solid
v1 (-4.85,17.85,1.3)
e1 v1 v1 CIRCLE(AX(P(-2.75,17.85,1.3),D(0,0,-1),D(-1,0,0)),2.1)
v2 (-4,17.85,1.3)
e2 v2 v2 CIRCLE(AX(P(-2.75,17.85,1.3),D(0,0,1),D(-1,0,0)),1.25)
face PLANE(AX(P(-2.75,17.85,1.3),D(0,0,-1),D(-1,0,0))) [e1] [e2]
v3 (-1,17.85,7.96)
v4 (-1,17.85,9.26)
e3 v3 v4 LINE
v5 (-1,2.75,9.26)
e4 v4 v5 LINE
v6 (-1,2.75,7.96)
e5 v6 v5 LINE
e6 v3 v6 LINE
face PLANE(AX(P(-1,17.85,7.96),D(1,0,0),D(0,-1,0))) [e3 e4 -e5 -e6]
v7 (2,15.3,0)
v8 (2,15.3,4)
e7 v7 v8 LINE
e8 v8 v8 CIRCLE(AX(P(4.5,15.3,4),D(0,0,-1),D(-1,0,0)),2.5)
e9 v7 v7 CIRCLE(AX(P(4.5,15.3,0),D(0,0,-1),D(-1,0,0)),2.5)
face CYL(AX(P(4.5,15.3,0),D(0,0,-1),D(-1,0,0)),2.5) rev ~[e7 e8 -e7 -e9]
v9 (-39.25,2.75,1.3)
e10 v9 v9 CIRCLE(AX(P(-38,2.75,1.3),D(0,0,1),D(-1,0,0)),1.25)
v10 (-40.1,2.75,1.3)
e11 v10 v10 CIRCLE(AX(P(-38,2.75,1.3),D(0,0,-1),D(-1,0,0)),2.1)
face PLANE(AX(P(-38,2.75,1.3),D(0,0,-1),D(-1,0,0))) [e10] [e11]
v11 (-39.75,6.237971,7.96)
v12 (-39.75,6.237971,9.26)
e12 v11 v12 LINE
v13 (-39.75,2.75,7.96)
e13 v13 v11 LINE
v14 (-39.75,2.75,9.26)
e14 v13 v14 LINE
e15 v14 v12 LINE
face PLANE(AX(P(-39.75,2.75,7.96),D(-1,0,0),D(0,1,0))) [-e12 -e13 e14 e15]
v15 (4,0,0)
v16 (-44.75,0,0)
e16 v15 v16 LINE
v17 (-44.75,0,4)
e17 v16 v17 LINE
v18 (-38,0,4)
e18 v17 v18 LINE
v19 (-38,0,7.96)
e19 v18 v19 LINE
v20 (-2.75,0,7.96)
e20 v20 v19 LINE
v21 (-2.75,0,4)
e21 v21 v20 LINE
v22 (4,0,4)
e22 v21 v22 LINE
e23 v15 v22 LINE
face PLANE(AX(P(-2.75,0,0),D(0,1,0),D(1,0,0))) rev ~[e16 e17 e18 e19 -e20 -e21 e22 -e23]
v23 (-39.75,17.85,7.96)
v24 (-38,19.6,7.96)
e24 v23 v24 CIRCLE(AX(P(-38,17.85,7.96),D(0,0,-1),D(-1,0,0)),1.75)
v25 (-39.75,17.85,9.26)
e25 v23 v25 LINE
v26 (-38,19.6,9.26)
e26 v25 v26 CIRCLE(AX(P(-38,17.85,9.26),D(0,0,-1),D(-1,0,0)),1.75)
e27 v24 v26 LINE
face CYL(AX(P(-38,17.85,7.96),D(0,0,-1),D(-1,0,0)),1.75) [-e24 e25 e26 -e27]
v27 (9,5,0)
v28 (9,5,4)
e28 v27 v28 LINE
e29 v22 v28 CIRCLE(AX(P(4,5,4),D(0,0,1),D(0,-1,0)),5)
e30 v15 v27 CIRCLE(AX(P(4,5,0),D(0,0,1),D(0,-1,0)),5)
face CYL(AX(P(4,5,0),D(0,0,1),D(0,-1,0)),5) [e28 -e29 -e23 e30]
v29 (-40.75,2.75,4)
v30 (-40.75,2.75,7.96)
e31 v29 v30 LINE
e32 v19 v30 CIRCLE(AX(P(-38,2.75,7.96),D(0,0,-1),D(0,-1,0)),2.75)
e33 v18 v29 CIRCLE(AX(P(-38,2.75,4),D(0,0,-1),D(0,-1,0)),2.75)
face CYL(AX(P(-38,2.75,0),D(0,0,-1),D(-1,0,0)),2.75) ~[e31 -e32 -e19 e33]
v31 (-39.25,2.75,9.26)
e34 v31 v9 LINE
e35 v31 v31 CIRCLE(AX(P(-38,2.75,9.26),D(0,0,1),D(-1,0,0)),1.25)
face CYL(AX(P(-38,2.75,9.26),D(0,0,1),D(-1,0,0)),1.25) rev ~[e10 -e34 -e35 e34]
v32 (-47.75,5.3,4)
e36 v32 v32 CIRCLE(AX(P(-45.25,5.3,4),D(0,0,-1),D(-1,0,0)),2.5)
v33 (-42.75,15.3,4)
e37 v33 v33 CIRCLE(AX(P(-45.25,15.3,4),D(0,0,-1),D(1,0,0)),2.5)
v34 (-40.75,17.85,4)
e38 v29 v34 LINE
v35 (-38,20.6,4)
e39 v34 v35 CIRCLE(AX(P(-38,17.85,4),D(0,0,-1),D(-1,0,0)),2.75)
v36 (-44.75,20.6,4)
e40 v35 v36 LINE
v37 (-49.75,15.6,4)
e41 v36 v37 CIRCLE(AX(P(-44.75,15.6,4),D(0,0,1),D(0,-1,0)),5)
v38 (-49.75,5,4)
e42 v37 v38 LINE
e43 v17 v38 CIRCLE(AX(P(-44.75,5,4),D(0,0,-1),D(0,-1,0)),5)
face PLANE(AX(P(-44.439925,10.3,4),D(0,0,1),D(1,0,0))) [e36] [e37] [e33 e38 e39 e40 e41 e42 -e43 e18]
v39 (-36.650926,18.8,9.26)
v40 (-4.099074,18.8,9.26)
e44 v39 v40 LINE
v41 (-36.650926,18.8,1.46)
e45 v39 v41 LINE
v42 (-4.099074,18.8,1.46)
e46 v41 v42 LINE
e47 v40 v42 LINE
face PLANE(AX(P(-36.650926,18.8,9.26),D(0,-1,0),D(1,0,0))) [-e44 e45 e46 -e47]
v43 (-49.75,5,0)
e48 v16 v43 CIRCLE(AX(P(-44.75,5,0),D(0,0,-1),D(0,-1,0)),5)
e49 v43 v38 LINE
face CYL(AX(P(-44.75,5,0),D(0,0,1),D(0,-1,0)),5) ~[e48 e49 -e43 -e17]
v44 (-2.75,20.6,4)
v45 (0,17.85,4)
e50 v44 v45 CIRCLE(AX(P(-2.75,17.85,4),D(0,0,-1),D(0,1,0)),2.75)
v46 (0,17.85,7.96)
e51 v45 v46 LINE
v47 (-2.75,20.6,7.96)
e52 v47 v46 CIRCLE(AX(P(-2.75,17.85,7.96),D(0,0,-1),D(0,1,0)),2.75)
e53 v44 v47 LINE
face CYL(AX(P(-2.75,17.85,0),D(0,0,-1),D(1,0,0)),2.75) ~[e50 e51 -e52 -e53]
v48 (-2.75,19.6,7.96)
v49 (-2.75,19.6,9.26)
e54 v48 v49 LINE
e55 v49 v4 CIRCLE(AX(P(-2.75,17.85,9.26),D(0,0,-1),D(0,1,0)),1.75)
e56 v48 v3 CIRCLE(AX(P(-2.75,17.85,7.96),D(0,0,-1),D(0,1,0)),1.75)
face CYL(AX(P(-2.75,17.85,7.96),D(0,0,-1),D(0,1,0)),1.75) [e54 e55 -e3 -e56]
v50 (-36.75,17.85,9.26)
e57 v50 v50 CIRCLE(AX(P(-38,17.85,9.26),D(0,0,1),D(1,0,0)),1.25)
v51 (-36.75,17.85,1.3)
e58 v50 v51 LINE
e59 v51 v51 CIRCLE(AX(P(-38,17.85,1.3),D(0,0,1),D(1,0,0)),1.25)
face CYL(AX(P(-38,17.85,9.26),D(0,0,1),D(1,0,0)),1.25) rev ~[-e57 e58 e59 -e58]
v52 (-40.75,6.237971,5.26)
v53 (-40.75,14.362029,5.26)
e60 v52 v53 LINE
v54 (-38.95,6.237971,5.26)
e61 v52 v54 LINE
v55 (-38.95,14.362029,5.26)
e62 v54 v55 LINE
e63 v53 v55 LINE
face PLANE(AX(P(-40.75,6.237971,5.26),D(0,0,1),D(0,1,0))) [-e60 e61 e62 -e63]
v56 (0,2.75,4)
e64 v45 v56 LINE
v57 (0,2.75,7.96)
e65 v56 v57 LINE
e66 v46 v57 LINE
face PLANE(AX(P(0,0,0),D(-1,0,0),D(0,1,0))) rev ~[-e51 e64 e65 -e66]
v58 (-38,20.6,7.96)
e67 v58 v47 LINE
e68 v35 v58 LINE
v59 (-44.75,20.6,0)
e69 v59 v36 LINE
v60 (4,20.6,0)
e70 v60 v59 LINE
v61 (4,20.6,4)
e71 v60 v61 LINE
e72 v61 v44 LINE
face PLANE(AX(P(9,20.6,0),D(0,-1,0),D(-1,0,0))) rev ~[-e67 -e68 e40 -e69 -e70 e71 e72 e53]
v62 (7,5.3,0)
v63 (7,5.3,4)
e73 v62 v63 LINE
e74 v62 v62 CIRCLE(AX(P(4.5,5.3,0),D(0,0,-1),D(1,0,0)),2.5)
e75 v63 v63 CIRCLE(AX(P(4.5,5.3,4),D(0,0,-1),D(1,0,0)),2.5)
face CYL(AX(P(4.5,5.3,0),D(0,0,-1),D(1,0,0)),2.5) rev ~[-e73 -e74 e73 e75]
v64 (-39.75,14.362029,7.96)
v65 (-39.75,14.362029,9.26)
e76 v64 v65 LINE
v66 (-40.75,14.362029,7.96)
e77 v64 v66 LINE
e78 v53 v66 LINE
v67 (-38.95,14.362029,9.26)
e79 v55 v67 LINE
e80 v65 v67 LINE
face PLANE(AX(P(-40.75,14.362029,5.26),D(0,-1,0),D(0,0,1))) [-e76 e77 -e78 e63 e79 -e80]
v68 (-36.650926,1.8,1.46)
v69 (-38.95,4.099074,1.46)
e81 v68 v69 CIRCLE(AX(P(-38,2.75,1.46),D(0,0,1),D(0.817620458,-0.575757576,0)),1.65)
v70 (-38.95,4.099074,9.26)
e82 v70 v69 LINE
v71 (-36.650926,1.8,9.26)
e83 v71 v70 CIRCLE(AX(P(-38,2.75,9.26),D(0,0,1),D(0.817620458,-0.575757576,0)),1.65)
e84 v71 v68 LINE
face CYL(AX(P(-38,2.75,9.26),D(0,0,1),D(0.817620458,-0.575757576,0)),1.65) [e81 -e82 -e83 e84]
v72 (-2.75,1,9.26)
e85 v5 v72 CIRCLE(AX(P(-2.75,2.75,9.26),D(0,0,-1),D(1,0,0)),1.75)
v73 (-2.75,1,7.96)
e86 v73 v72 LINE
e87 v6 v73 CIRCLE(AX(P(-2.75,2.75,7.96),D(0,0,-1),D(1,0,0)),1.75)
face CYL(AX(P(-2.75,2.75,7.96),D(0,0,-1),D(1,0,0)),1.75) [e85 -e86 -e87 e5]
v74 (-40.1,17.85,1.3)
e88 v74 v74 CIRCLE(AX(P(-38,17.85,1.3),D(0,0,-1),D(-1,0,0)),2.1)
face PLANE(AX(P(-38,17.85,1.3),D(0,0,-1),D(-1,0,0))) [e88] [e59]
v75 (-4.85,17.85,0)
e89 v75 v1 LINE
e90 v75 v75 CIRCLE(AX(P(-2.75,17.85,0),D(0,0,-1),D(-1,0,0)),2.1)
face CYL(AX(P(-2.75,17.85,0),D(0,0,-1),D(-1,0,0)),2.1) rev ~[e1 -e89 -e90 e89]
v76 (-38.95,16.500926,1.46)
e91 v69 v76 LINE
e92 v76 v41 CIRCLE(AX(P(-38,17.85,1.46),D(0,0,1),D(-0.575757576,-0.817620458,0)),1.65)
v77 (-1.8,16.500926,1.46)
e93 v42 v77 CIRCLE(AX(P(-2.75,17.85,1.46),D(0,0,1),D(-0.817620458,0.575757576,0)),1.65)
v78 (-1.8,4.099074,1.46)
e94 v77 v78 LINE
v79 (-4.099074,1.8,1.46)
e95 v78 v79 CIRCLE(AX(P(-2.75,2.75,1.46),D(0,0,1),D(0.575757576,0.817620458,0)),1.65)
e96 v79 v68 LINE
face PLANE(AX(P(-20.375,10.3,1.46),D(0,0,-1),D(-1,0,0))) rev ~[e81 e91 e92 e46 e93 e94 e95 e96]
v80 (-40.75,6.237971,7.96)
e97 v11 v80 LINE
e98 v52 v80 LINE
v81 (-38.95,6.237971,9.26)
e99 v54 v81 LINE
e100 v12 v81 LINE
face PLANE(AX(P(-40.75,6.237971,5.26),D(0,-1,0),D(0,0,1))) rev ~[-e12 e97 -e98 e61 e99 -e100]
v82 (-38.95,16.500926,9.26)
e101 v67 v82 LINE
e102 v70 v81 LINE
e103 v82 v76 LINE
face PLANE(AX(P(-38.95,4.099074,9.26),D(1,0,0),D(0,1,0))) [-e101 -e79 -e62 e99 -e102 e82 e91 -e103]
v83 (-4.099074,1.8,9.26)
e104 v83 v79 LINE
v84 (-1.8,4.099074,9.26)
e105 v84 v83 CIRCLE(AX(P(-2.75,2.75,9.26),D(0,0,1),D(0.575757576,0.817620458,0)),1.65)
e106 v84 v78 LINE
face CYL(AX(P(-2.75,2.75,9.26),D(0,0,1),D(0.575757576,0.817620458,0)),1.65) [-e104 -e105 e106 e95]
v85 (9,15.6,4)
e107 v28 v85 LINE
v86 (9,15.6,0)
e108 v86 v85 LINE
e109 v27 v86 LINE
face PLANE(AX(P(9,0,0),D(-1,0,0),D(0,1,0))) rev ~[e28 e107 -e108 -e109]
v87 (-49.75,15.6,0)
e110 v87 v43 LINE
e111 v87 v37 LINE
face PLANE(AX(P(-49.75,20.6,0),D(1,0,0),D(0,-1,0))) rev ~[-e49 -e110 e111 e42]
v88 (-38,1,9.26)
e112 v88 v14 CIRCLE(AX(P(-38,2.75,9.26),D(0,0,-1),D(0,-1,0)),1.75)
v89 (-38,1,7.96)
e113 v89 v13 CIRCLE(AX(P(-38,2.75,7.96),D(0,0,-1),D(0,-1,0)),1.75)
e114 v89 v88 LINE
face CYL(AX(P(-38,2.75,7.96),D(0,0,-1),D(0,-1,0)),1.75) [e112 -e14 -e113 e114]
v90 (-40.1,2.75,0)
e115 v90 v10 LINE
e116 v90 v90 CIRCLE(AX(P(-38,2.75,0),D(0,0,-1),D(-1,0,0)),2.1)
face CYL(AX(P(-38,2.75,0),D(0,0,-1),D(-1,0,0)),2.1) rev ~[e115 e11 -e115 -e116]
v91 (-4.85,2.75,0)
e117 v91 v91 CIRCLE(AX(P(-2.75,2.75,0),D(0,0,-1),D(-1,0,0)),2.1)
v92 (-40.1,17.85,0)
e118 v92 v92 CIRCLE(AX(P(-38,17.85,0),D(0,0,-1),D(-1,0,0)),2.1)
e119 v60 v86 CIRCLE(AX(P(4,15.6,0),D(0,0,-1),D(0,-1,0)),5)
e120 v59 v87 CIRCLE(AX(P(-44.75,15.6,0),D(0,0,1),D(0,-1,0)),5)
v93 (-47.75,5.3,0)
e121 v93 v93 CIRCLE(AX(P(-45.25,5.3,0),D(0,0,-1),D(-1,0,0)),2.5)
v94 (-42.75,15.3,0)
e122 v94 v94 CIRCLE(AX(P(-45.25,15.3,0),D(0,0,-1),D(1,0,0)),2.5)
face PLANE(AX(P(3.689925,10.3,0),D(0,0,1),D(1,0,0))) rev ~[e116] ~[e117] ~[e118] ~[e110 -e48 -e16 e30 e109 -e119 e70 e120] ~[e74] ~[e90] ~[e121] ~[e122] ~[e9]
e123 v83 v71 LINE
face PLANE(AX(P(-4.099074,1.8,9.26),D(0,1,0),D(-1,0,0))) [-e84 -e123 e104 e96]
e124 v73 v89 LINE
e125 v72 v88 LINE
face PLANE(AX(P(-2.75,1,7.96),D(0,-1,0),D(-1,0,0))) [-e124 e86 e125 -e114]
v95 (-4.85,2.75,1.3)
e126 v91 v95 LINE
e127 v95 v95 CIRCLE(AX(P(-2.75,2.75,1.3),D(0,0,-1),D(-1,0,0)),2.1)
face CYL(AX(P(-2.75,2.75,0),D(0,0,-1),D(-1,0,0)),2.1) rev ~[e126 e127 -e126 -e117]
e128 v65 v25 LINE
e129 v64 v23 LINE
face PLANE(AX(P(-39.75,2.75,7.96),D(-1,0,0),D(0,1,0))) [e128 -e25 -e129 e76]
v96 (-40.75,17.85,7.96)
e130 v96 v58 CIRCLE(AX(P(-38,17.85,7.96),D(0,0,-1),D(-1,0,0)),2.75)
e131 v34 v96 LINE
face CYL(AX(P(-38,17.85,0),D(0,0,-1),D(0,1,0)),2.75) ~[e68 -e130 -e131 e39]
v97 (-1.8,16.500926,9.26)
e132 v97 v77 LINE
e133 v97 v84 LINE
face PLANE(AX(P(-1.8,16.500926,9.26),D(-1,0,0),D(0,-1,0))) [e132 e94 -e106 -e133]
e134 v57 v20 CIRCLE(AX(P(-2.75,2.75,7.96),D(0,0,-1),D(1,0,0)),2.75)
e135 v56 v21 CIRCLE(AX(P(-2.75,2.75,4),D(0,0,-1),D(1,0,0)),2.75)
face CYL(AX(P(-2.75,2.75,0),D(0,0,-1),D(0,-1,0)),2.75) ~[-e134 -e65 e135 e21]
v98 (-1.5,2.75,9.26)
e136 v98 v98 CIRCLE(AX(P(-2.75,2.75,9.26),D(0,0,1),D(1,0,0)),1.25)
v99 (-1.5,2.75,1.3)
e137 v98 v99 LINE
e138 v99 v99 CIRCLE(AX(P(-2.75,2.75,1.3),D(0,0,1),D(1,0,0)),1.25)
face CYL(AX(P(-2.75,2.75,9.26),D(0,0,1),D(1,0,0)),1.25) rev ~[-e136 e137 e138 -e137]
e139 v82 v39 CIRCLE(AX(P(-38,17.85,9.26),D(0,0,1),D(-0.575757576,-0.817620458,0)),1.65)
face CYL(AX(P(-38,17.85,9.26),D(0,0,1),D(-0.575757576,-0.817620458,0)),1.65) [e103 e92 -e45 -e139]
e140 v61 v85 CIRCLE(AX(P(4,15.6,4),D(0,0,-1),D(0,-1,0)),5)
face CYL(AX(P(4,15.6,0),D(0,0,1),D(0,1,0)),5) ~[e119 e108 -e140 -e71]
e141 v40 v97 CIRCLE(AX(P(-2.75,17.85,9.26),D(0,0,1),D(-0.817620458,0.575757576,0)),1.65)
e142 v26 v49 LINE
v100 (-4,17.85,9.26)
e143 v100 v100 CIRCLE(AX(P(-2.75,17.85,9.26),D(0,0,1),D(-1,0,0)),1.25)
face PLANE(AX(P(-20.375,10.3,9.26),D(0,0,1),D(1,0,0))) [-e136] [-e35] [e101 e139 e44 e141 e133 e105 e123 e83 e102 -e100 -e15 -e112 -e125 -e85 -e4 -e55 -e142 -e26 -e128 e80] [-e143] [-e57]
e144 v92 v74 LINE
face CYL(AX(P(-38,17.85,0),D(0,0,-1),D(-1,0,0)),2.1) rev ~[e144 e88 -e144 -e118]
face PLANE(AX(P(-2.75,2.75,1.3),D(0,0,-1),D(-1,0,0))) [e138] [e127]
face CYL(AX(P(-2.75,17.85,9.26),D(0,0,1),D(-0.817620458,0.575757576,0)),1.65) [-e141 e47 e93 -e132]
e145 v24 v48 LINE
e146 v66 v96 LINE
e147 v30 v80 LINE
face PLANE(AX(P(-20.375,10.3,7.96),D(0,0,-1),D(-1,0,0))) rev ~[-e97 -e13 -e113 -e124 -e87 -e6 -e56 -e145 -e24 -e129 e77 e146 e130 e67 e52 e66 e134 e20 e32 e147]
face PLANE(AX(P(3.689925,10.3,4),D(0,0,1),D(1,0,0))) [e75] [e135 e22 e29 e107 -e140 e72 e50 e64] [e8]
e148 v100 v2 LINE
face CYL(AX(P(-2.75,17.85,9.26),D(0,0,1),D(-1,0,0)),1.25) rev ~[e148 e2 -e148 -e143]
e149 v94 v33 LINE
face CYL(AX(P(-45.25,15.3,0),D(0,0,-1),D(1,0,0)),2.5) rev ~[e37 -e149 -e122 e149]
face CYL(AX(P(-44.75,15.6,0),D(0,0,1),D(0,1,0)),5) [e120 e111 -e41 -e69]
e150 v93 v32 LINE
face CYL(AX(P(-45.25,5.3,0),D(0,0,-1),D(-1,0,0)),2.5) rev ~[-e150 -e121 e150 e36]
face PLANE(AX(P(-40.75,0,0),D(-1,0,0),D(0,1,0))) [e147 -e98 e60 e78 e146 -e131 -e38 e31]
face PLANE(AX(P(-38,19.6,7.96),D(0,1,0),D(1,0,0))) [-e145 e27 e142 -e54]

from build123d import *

# Parameters (mm, degrees)
ESQUISSE1_W         = 40.75
ESQUISSE1_H         = 20.6
EXTRUSION1_DEPTH    = 9.26
ESQUISSE2_R         = 1.25
EXTRUSION2_DEPTH    = 47.590450738
ESQUISSE4_OUTSIDE_W = 52.068
ESQUISSE4_OUTSIDE_H = 31.918
EXTRUSION5_DEPTH    = 47.590450738
EXTRUSION4_START    = -1.3
EXTRUSION4_DEPTH    = 1.3
EXTRUSION9_DEPTH    = 7.8
EXTRUSION10_REACH   = 48.59
ESQUISSE7_W         = 4
ESQUISSE7_H         = 8.124058542
ESQUISSE8_R         = 2.5
EXTRUSION11_DEPTH   = 4
CONG_1_R            = 5
ESQUISSE9_R         = 2.1
EXTRUSION12_DEPTH   = 1.3


with BuildPart() as part:
    # Esquisse1 → Extrusion1 (new body)
    with BuildSketch(Plane.XY):
        with Locations((-20.375, 10.3)):
            Rectangle(ESQUISSE1_W, ESQUISSE1_H)
    extrude(amount=EXTRUSION1_DEPTH)

    # Esquisse2 → Extrusion2 (cut, through all)
    with BuildSketch(Plane.XY.offset(9.26)):
        with Locations((-38, 17.85)):
            Circle(ESQUISSE2_R)
        with Locations(Location((-38, 2.75, 0), (0, 0, 180))):
            Circle(ESQUISSE2_R)
        with Locations((-2.75, 2.75)):
            Circle(ESQUISSE2_R)
        with Locations(Location((-2.75, 17.85, 0), (0, 0, 180))):
            Circle(ESQUISSE2_R)
    extrude(amount=-EXTRUSION2_DEPTH, mode=Mode.SUBTRACT)

    # Esquisse4 outside → Extrusion5 (cut, through all)
    with BuildSketch(Plane(origin=(0, 0, 0), x_dir=(-1, 0, 0), z_dir=(0, 0, -1))):
        with Locations((20.375, 10.3)):
            Rectangle(ESQUISSE4_OUTSIDE_W, ESQUISSE4_OUTSIDE_H)
        with BuildLine():
            Line((2.75, 20.6), (38, 20.6))
            ThreePointArc((38, 20.6), (39.944543648, 19.794543648), (40.75, 17.85))
            Line((40.75, 17.85), (40.75, 2.75))
            ThreePointArc((40.75, 2.75), (39.944543648, 0.805456352), (38, 0))
            Line((38, 0), (2.75, 0))
            ThreePointArc((2.75, 0), (0.805456352, 0.805456352), (0, 2.75))
            Line((0, 2.75), (0, 17.85))
            ThreePointArc((0, 17.85), (0.805456352, 19.794543648), (2.75, 20.6))
        make_face(mode=Mode.SUBTRACT)
    extrude(amount=-EXTRUSION5_DEPTH, mode=Mode.SUBTRACT)

    # Esquisse3 → Extrusion4 (cut)
    with BuildSketch(Plane.XY.offset(9.26).offset(EXTRUSION4_START)):
        with BuildLine():
            Line((-38, 20.6), (-2.75, 20.6))
            ThreePointArc((-2.75, 20.6), (-0.805456352, 19.794543648), (0, 17.85))
            Line((0, 17.85), (0, 2.75))
            ThreePointArc((0, 2.75), (-0.805456352, 0.805456352), (-2.75, 0))
            Line((-2.75, 0), (-38, 0))
            ThreePointArc((-38, 0), (-39.944543648, 0.805456352), (-40.75, 2.75))
            Line((-40.75, 2.75), (-40.75, 17.85))
            ThreePointArc((-40.75, 17.85), (-39.944543648, 19.794543648), (-38, 20.6))
        make_face()
        with BuildLine():
            Line((-38, 19.6), (-2.75, 19.6))
            ThreePointArc((-2.75, 19.6), (-1.512563133, 19.087436867), (-1, 17.85))
            Line((-1, 17.85), (-1, 2.75))
            ThreePointArc((-1, 2.75), (-1.512563133, 1.512563133), (-2.75, 1))
            Line((-2.75, 1), (-38, 1))
            ThreePointArc((-38, 1), (-39.237436867, 1.512563133), (-39.75, 2.75))
            Line((-39.75, 2.75), (-39.75, 17.85))
            ThreePointArc((-39.75, 17.85), (-39.237436867, 19.087436867), (-38, 19.6))
        make_face(mode=Mode.SUBTRACT)
    extrude(amount=EXTRUSION4_DEPTH, mode=Mode.SUBTRACT)

    # Esquisse6 → Extrusion9 (cut)
    with BuildSketch(Plane.XY.offset(9.26)):
        with BuildLine():
            Line((-36.650926244, 18.8), (-4.099073756, 18.8))
            ThreePointArc((-4.099073756, 18.8), (-3.916726189, 16.683273811), (-1.8, 16.500926244))
            Line((-1.8, 16.500926244), (-1.8, 4.099073756))
            ThreePointArc((-1.8, 4.099073756), (-3.916726189, 3.916726189), (-4.099073756, 1.8))
            Line((-4.099073756, 1.8), (-36.650926244, 1.8))
            ThreePointArc((-36.650926244, 1.8), (-36.833273811, 3.916726189), (-38.95, 4.099073756))
            Line((-38.95, 4.099073756), (-38.95, 16.500926244))
            ThreePointArc((-38.95, 16.500926244), (-36.833273811, 16.683273811), (-36.650926244, 18.8))
        make_face()
    extrude(amount=-EXTRUSION9_DEPTH, mode=Mode.SUBTRACT)

    # Extrusion10: up to this face of the body (flat: up to its plane)
    extrusion10_end = Plane(part.part.faces().sort_by_distance((-38.95, 10.3, 5.36))[0])
    # Esquisse7 → Extrusion10 (cut, up to the picked face)
    with BuildSketch(Plane.ZY.offset(40.75), mode=Mode.PRIVATE) as extrusion10_sk1:
        with Locations((7.26, 10.3)):
            Rectangle(ESQUISSE7_W, ESQUISSE7_H)
    extrusion10_tool1 = split(extrude(extrusion10_sk1.sketch, amount=-EXTRUSION10_REACH, mode=Mode.PRIVATE), bisect_by=extrusion10_end, keep=Keep.BOTH, mode=Mode.PRIVATE)
    add(extrusion10_tool1.solids().sort_by(Axis((-40.75, 10.3, 7.26), (1, 0, 0)))[0], mode=Mode.SUBTRACT)

    # Esquisse8 → Extrusion11 (add)
    # profile 1 of 2: a face of its own
    with BuildSketch(Plane(origin=(0, 0, 0), x_dir=(-1, 0, 0), z_dir=(0, 0, -1))):
        with BuildLine():
            Line((-9, 20.6), (2.75, 20.6))
            ThreePointArc((2.75, 20.6), (0.805456352, 19.794543648), (0, 17.85))
            Line((0, 17.85), (0, 2.75))
            ThreePointArc((0, 2.75), (0.805456352, 0.805456352), (2.75, 0))
            Line((2.75, 0), (-9, 0))
            Line((-9, 0), (-9, 20.6))
        make_face()
        with Locations((-4.5, 15.3)):
            Circle(ESQUISSE8_R, mode=Mode.SUBTRACT)
        with Locations(Location((-4.5, 5.3, 0), (0, 0, 180))):
            Circle(ESQUISSE8_R, mode=Mode.SUBTRACT)
    # profile 2 of 2: a face of its own
    with BuildSketch(Plane(origin=(0, 0, 0), x_dir=(-1, 0, 0), z_dir=(0, 0, -1))):
        with BuildLine():
            Line((49.75, 0), (38, 0))
            ThreePointArc((38, 0), (39.944543648, 0.805456352), (40.75, 2.75))
            Line((40.75, 2.75), (40.75, 17.85))
            ThreePointArc((40.75, 17.85), (39.944543648, 19.794543648), (38, 20.6))
            Line((38, 20.6), (49.75, 20.6))
            Line((49.75, 20.6), (49.75, 0))
        make_face()
        with Locations((45.25, 5.3)):
            Circle(ESQUISSE8_R, mode=Mode.SUBTRACT)
        with Locations(Location((45.25, 15.3, 0), (0, 0, 180))):
            Circle(ESQUISSE8_R, mode=Mode.SUBTRACT)
    extrude(amount=-EXTRUSION11_DEPTH)

    # Congé1
    cong_1_edges = [part.edges().sort_by_distance(p)[0] for p in [
        (9, 0, 2),
        (9, 20.6, 2),
        (-49.75, 20.6, 2),
        (-49.75, 0, 2),
    ]]
    fillet(cong_1_edges, radius=CONG_1_R)

    # Esquisse9 → Extrusion12 (cut)
    with BuildSketch(Plane(origin=(0, 0, 0), x_dir=(-1, 0, 0), z_dir=(0, 0, -1))):
        with Locations((2.75, 17.85)):
            Circle(ESQUISSE9_R)
        with Locations((38, 17.85)):
            Circle(ESQUISSE9_R)
        with Locations((38, 2.75)):
            Circle(ESQUISSE9_R)
        with Locations((2.75, 2.75)):
            Circle(ESQUISSE9_R)
    extrude(amount=-EXTRUSION12_DEPTH, mode=Mode.SUBTRACT)


solid = part.part
